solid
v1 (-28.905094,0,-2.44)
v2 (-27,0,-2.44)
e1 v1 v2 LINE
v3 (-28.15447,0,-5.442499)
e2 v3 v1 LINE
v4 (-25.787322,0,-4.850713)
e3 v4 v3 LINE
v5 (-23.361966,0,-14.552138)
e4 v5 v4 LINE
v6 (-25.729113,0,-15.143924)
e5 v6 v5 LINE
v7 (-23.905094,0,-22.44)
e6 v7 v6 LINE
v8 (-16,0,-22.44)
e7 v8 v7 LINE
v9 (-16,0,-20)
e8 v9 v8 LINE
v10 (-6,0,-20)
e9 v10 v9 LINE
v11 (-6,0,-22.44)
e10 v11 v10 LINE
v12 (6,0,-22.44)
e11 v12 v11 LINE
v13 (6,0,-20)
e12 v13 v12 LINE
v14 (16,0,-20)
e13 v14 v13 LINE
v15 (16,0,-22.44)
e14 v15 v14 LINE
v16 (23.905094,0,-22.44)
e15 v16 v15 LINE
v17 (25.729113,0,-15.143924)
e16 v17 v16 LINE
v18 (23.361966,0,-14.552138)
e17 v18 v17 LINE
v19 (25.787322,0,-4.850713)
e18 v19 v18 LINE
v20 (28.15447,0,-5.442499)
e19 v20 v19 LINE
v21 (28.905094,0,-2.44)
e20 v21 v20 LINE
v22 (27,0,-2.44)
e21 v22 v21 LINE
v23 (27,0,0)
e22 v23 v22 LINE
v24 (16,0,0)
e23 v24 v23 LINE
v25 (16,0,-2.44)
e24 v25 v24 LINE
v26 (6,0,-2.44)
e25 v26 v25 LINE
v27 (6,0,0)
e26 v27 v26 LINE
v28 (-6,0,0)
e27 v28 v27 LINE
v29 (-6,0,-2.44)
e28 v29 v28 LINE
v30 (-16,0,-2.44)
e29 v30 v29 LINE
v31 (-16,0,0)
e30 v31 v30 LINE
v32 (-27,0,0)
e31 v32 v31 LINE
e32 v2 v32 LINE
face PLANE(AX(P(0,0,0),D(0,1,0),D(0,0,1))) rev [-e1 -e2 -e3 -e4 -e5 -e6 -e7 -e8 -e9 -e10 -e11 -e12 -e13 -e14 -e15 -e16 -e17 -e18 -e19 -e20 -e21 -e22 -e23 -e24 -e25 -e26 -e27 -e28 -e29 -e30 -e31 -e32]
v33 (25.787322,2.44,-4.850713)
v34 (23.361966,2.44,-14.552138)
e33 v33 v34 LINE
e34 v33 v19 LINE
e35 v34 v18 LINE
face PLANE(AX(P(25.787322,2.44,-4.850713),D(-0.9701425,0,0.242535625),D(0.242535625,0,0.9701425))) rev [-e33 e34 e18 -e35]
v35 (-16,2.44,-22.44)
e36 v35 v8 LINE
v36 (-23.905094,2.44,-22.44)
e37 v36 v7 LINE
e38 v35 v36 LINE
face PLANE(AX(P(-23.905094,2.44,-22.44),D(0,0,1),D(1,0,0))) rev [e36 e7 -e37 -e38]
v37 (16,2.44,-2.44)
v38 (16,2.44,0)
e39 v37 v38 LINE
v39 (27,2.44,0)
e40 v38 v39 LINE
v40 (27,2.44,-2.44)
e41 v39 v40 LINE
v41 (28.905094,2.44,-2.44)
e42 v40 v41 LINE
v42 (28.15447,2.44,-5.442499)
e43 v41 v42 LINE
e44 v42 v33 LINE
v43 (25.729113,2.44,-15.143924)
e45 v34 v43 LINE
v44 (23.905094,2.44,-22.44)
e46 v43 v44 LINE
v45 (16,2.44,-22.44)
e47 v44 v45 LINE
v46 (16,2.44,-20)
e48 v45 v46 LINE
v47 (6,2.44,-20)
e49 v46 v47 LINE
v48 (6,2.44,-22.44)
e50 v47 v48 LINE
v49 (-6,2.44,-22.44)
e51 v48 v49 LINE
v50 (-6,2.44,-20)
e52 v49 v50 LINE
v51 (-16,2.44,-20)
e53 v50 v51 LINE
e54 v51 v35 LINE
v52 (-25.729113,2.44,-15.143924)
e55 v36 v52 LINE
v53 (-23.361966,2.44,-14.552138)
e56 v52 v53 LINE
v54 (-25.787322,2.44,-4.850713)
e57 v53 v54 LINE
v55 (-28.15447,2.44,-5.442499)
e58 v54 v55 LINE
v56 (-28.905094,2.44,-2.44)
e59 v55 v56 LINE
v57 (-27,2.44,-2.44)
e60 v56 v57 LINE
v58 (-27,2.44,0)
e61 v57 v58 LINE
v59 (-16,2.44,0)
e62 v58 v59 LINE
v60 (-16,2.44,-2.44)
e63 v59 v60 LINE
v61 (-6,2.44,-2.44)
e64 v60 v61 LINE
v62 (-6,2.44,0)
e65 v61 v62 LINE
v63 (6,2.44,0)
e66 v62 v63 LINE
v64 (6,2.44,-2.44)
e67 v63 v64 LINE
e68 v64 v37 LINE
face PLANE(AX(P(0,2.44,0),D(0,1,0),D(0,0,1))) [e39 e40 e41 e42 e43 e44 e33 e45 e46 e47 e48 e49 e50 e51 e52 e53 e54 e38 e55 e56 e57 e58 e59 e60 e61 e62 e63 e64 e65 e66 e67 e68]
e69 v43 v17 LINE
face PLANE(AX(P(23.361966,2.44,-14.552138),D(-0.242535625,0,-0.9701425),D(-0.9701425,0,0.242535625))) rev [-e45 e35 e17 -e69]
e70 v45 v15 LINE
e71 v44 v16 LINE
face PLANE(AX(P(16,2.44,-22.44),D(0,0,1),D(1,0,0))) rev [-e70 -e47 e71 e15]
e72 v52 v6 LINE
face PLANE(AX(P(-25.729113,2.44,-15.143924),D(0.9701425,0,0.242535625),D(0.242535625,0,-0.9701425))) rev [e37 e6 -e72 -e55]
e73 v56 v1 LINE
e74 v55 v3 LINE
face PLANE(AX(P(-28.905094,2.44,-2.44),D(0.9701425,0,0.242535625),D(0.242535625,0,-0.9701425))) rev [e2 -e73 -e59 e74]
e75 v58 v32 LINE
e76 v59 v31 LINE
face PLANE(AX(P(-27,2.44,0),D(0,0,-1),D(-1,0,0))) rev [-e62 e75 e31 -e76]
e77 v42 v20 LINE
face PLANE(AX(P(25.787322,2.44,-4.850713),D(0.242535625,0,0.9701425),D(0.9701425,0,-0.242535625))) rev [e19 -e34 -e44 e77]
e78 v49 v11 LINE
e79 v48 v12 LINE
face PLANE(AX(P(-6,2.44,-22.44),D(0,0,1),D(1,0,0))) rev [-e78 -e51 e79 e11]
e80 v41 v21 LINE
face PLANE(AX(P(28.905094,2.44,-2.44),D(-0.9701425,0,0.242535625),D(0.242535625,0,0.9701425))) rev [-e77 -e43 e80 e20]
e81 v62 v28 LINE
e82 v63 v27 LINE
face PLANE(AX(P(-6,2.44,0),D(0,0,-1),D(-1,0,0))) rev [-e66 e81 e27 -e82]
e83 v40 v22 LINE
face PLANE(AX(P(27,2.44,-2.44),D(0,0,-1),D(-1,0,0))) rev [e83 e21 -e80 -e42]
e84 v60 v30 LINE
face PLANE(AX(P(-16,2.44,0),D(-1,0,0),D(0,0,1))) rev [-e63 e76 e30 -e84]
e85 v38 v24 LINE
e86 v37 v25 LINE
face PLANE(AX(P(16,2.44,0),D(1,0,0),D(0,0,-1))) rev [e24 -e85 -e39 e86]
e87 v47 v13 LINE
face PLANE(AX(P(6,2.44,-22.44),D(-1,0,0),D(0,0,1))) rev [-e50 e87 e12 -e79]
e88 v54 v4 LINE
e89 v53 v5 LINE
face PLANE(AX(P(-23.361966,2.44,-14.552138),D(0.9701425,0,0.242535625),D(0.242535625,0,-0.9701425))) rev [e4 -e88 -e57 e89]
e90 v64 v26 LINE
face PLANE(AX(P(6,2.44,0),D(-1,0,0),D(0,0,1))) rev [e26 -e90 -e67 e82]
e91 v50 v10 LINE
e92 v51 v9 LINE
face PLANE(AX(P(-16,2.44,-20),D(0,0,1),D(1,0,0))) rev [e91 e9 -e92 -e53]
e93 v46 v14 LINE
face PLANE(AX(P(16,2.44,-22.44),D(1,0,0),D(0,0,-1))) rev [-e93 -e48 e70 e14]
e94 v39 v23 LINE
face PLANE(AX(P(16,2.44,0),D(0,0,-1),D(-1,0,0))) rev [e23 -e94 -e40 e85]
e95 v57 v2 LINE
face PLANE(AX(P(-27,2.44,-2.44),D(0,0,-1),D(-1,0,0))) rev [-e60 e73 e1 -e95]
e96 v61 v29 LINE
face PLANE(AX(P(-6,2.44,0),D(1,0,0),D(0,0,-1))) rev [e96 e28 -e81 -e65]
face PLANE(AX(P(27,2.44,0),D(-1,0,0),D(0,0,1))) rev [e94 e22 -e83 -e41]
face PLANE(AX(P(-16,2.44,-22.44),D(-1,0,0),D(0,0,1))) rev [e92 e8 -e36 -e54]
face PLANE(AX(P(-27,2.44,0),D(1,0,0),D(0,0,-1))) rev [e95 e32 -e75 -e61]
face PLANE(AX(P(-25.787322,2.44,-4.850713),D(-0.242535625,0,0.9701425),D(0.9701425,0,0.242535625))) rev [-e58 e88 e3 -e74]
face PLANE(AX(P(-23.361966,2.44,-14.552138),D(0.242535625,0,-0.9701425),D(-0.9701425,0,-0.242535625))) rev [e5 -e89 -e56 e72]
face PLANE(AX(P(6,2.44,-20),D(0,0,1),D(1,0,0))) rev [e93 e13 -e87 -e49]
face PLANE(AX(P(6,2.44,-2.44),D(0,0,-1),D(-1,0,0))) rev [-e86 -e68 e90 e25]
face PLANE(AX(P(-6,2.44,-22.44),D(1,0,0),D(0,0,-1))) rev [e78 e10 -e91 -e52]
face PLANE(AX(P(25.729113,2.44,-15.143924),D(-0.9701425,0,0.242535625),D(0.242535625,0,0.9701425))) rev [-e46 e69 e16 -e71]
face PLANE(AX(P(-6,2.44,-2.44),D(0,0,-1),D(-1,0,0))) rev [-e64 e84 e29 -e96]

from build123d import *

# Parameters (mm, degrees)
SALIENTE_EXTRUIR3_DEPTH = 2.44


with BuildPart() as part:
    # Croquis1 → Saliente-Extruir3 (new body)
    with BuildSketch(Plane(origin=(0, 0, 0), x_dir=(1, 0, 0), z_dir=(0, 1, 0))):
        Polygon((-27, 0), (-16, 0), (-16, 2.44), (-6, 2.44), (-6, 0), (6, 0), (6, 2.44), (16, 2.44), (16, 0), (27, 0), (27, 2.44), (28.905094432, 2.44), (28.154469575, 5.442499426), (25.787321875, 4.850712501), (23.361965624, 14.552137502), (25.729113325, 15.143924427), (23.905094432, 22.44), (16, 22.44), (16, 20), (6, 20), (6, 22.44), (-6, 22.44), (-6, 20), (-16, 20), (-16, 22.44), (-23.905094432, 22.44), (-25.729113325, 15.143924427), (-23.361965624, 14.552137502), (-25.787321875, 4.850712501), (-28.154469575, 5.442499426), (-28.905094432, 2.44), (-27, 2.44), align=None)
    extrude(amount=SALIENTE_EXTRUIR3_DEPTH)


solid = part.part
